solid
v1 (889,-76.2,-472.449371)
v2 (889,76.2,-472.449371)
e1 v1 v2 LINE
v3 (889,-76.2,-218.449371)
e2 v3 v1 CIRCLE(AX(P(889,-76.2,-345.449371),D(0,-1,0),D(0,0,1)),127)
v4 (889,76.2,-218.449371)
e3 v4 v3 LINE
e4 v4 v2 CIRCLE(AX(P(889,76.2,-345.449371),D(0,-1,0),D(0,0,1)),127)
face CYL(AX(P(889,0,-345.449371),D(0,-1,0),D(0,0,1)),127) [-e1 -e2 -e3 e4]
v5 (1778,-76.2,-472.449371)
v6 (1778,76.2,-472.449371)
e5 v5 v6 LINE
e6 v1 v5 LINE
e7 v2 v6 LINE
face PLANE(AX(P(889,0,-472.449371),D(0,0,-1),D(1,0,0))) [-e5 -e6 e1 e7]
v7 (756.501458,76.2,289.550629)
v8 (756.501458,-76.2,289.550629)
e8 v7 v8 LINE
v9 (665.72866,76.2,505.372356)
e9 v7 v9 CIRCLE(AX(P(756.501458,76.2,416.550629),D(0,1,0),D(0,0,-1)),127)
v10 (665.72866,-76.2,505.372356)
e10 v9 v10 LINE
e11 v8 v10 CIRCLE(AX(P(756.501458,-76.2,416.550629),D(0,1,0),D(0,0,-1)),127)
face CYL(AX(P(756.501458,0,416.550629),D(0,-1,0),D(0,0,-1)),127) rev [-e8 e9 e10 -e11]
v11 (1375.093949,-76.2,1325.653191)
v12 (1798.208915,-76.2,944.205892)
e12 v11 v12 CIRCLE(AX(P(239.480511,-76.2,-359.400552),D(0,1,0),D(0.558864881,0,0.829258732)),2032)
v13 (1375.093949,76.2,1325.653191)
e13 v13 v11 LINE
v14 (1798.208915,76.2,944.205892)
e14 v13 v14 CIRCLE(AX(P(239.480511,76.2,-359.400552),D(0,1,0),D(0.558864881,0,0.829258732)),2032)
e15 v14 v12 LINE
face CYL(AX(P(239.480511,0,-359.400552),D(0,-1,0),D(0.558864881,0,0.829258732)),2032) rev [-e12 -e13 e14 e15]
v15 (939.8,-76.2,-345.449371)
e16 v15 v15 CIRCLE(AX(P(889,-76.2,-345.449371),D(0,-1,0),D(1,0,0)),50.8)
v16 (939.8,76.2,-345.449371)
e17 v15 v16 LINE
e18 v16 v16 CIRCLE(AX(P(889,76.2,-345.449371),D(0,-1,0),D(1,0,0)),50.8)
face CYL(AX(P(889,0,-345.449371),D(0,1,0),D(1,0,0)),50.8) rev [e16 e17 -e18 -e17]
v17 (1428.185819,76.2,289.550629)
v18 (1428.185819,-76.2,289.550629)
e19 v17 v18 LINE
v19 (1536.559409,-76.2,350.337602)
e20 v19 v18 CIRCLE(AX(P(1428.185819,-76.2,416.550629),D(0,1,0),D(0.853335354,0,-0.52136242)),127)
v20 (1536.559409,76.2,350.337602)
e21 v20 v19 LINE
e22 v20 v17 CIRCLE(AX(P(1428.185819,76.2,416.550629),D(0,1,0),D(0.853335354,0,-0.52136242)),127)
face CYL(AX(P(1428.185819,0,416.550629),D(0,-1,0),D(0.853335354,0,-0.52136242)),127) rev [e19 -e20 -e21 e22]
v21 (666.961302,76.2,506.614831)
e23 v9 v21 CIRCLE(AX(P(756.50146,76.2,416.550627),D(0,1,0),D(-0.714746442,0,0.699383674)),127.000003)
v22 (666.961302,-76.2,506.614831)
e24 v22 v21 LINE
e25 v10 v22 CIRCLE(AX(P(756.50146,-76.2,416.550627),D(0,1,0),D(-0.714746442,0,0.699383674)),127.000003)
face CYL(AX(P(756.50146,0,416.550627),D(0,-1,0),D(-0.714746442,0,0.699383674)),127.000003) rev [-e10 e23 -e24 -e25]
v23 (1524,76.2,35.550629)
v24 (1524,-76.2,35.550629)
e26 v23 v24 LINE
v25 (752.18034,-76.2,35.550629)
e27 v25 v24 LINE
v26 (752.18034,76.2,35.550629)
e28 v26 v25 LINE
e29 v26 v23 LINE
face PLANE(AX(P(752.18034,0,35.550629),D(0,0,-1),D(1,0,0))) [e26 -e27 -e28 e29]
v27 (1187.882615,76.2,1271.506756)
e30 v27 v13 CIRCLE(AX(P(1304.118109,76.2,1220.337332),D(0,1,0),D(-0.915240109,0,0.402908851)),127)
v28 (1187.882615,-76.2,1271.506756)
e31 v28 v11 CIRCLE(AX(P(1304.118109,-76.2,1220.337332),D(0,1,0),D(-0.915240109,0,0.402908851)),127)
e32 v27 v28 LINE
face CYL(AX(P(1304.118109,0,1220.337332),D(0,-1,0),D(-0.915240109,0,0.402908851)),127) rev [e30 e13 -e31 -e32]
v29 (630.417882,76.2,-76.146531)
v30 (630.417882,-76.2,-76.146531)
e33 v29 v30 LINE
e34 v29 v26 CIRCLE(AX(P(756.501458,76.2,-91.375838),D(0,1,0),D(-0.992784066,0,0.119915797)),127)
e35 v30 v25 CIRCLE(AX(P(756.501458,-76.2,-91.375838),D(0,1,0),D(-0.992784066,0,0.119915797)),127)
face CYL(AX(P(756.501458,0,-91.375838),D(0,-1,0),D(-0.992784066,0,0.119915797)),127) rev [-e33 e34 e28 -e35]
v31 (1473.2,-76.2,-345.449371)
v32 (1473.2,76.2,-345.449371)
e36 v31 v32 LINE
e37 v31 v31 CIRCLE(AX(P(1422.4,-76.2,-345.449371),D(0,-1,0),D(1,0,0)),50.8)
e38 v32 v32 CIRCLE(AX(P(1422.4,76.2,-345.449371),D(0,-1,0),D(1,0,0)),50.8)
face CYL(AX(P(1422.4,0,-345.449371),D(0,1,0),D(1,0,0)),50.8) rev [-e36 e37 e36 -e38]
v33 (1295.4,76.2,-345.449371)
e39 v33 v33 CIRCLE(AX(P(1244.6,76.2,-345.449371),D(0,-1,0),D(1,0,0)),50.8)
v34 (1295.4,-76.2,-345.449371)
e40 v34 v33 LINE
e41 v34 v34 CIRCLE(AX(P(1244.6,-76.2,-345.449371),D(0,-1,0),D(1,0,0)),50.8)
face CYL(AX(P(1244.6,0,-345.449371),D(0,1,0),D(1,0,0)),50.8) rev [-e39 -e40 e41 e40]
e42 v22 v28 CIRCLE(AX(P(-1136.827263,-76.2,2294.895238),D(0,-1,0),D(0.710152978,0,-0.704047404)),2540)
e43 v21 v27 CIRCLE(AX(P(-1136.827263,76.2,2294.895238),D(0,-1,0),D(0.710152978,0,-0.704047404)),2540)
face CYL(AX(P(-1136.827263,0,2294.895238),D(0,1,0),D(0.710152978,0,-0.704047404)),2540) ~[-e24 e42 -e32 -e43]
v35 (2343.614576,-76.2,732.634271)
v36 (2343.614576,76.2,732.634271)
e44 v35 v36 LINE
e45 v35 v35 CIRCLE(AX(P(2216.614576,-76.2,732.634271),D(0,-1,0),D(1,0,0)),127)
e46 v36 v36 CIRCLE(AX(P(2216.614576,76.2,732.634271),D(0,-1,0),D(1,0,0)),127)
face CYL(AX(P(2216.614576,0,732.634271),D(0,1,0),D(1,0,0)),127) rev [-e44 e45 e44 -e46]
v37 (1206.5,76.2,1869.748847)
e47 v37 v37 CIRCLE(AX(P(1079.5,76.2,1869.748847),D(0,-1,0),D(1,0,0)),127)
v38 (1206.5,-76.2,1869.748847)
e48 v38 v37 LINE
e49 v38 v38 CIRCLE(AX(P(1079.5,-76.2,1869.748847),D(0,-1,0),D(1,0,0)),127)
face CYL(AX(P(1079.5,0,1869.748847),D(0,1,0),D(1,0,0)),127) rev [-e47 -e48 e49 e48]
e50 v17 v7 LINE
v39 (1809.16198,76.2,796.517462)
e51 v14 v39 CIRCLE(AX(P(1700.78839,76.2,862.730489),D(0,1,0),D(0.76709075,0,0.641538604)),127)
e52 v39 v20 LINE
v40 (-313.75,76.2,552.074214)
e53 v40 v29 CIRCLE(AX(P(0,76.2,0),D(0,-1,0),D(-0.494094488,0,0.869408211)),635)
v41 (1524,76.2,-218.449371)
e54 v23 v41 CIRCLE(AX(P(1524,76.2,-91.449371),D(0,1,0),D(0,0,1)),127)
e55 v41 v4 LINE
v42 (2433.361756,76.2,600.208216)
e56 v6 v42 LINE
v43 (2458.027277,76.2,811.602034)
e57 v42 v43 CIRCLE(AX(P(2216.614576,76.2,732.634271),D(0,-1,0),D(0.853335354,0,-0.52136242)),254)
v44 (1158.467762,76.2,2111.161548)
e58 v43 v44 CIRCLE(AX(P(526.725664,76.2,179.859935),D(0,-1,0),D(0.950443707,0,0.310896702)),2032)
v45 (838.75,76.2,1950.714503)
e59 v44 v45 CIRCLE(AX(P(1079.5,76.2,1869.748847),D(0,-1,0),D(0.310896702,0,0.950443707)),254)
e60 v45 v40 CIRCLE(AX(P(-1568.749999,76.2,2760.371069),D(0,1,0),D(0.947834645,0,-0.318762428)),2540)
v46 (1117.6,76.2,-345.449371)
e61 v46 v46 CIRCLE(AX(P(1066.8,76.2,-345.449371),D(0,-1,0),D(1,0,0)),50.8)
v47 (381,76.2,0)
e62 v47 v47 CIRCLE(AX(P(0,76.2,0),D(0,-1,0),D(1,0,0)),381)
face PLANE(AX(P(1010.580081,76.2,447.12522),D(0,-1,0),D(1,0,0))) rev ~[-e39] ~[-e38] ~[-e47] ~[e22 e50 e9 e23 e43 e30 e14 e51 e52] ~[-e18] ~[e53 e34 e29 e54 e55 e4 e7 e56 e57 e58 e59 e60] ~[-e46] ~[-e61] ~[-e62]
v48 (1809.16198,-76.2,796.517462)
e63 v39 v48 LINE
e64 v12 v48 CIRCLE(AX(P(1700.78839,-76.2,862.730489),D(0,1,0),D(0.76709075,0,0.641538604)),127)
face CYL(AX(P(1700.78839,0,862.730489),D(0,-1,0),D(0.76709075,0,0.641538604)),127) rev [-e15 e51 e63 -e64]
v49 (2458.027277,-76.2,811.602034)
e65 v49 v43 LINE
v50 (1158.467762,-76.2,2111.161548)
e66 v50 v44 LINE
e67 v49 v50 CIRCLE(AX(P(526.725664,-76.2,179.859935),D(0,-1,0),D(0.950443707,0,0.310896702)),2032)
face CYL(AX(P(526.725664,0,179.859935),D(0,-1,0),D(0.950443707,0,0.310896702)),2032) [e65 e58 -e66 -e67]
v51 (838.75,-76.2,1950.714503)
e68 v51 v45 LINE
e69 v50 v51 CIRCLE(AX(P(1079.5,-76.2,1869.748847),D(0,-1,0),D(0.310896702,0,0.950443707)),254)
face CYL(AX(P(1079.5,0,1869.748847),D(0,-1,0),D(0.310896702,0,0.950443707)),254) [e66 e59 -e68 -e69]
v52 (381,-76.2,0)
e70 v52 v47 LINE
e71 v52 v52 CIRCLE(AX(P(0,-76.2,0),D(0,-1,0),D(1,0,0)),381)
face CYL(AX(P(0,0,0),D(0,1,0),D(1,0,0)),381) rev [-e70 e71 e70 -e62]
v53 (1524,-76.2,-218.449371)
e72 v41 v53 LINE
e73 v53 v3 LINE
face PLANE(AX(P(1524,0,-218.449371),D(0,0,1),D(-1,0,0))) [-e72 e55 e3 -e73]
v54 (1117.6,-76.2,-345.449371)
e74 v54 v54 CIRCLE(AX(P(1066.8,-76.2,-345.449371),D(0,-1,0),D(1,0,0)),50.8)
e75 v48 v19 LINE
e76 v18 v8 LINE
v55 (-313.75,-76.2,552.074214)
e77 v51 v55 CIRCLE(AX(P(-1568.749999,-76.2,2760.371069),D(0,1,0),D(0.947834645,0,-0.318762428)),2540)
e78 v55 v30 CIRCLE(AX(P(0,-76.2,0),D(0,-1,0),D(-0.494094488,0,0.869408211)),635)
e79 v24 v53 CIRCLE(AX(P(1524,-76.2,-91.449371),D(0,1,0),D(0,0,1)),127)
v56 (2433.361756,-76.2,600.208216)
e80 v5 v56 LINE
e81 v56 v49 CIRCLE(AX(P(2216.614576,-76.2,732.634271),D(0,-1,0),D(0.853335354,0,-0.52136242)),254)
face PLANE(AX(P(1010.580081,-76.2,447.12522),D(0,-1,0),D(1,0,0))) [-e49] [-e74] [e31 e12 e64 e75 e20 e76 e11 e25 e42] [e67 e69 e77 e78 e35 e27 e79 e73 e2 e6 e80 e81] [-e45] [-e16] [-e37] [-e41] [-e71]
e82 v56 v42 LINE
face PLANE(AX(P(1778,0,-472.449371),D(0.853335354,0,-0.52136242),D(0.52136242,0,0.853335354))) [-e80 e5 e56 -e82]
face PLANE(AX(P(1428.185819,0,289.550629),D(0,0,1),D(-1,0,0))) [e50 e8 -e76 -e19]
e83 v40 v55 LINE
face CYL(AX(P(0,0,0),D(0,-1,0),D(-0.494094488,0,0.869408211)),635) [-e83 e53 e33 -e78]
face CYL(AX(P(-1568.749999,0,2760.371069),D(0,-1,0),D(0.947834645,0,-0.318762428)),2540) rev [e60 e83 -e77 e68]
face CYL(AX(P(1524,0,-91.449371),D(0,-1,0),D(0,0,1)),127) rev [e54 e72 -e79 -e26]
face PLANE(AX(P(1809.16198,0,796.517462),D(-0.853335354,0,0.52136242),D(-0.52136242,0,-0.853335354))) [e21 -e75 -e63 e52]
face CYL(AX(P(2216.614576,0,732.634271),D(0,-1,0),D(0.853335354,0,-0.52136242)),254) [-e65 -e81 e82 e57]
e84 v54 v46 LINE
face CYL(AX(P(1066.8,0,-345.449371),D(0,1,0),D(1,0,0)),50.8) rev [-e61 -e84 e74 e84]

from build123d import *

# Parameters (mm, degrees)
F0_R     = 381
F0_R_2   = 50.8
F0_R_3   = 127
F1_DEPTH = 76.2


with BuildPart() as f1:
    # F0 (on Front) → F1 (new body, symmetric)
    with BuildSketch(Plane.XZ):
        with BuildLine():
            ThreePointArc((838.7500001036, 1950.7145033781), (391.4860134039, 1145.1080022652), (-313.7499997721, 552.0742138907))
            ThreePointArc((-313.7499997721, 552.0742138907), (-351.7598087689, -528.668172803), (630.4178818591, -76.1465313217))
            ThreePointArc((630.4178818591, -76.1465313217), (670.6503660571, 2.2115011547), (752.18033962, 35.5506290549))
            Line((752.18033962, 35.5506290549), (1524, 35.5506290549))
            ThreePointArc((1524, 35.5506290549), (1651, -91.4493709451), (1524, -218.4493709451))
            Line((1524, -218.4493709451), (889, -218.4493709451))
            ThreePointArc((889, -218.4493709451), (762, -345.4493709451), (889, -472.4493709451))
            Line((889, -472.4493709451), (1778, -472.4493709451))
            Line((1778, -472.4493709451), (2433.3617555297, 600.2082164937))
            ThreePointArc((2433.3617555297, 600.2082164937), (2468.9030131612, 703.1971475934), (2458.0272772021, 811.6020335093))
            ThreePointArc((2458.0272772021, 811.6020335093), (1963.5666433529, 1616.7009145739), (1158.4677622883, 2111.1615484231))
            ThreePointArc((1158.4677622883, 2111.1615484231), (965.5737665536, 2096.7660561022), (838.7500001036, 1950.7145033781))
        make_face()
        Circle(F0_R, mode=Mode.SUBTRACT)
        with Locations((889, -345.4493709451)):
            Circle(F0_R_2, mode=Mode.SUBTRACT)
        with Locations((1066.8, -345.4493709451)):
            Circle(F0_R_2, mode=Mode.SUBTRACT)
        with Locations((1244.6, -345.4493709451)):
            Circle(F0_R_2, mode=Mode.SUBTRACT)
        with Locations((1422.4, -345.4493709451)):
            Circle(F0_R_2, mode=Mode.SUBTRACT)
        with Locations((2216.6145755496, 732.634271221)):
            Circle(F0_R_3, mode=Mode.SUBTRACT)
        with BuildLine():
            Line((1428.1858185453, 289.5506290549), (756.5014582309, 289.5506290549))
            ThreePointArc((756.5014582309, 289.5506290549), (639.4344703994, 367.3132412274), (665.7286600946, 505.3723556679))
            ThreePointArc((665.7286600946, 505.3723556679), (666.3428406866, 505.9957165807), (666.9613019633, 506.6148306868))
            ThreePointArc((666.9613019633, 506.6148306868), (962.5511600778, 865.1364336062), (1187.8826151659, 1271.5067564988))
            ThreePointArc((1187.8826151659, 1271.5067564988), (1268.8325854923, 1342.337053046), (1375.0939489603, 1325.6531914211))
            ThreePointArc((1375.0939489603, 1325.6531914211), (1600.0851563785, 1149.8307084661), (1798.2089151013, 944.2058919736))
            ThreePointArc((1798.2089151013, 944.2058919736), (1827.4405614104, 872.1234350962), (1809.1619798136, 796.5174618518))
            Line((1809.1619798136, 796.5174618518), (1536.5594085354, 350.3376016912))
            ThreePointArc((1536.5594085354, 350.3376016912), (1490.3144976107, 305.7849880032), (1428.1858185453, 289.5506290549))
        make_face(mode=Mode.SUBTRACT)
        with Locations((1079.5, 1869.7488467706)):
            Circle(F0_R_3, mode=Mode.SUBTRACT)
    extrude(amount=F1_DEPTH, both=True)


solid = f1.part
